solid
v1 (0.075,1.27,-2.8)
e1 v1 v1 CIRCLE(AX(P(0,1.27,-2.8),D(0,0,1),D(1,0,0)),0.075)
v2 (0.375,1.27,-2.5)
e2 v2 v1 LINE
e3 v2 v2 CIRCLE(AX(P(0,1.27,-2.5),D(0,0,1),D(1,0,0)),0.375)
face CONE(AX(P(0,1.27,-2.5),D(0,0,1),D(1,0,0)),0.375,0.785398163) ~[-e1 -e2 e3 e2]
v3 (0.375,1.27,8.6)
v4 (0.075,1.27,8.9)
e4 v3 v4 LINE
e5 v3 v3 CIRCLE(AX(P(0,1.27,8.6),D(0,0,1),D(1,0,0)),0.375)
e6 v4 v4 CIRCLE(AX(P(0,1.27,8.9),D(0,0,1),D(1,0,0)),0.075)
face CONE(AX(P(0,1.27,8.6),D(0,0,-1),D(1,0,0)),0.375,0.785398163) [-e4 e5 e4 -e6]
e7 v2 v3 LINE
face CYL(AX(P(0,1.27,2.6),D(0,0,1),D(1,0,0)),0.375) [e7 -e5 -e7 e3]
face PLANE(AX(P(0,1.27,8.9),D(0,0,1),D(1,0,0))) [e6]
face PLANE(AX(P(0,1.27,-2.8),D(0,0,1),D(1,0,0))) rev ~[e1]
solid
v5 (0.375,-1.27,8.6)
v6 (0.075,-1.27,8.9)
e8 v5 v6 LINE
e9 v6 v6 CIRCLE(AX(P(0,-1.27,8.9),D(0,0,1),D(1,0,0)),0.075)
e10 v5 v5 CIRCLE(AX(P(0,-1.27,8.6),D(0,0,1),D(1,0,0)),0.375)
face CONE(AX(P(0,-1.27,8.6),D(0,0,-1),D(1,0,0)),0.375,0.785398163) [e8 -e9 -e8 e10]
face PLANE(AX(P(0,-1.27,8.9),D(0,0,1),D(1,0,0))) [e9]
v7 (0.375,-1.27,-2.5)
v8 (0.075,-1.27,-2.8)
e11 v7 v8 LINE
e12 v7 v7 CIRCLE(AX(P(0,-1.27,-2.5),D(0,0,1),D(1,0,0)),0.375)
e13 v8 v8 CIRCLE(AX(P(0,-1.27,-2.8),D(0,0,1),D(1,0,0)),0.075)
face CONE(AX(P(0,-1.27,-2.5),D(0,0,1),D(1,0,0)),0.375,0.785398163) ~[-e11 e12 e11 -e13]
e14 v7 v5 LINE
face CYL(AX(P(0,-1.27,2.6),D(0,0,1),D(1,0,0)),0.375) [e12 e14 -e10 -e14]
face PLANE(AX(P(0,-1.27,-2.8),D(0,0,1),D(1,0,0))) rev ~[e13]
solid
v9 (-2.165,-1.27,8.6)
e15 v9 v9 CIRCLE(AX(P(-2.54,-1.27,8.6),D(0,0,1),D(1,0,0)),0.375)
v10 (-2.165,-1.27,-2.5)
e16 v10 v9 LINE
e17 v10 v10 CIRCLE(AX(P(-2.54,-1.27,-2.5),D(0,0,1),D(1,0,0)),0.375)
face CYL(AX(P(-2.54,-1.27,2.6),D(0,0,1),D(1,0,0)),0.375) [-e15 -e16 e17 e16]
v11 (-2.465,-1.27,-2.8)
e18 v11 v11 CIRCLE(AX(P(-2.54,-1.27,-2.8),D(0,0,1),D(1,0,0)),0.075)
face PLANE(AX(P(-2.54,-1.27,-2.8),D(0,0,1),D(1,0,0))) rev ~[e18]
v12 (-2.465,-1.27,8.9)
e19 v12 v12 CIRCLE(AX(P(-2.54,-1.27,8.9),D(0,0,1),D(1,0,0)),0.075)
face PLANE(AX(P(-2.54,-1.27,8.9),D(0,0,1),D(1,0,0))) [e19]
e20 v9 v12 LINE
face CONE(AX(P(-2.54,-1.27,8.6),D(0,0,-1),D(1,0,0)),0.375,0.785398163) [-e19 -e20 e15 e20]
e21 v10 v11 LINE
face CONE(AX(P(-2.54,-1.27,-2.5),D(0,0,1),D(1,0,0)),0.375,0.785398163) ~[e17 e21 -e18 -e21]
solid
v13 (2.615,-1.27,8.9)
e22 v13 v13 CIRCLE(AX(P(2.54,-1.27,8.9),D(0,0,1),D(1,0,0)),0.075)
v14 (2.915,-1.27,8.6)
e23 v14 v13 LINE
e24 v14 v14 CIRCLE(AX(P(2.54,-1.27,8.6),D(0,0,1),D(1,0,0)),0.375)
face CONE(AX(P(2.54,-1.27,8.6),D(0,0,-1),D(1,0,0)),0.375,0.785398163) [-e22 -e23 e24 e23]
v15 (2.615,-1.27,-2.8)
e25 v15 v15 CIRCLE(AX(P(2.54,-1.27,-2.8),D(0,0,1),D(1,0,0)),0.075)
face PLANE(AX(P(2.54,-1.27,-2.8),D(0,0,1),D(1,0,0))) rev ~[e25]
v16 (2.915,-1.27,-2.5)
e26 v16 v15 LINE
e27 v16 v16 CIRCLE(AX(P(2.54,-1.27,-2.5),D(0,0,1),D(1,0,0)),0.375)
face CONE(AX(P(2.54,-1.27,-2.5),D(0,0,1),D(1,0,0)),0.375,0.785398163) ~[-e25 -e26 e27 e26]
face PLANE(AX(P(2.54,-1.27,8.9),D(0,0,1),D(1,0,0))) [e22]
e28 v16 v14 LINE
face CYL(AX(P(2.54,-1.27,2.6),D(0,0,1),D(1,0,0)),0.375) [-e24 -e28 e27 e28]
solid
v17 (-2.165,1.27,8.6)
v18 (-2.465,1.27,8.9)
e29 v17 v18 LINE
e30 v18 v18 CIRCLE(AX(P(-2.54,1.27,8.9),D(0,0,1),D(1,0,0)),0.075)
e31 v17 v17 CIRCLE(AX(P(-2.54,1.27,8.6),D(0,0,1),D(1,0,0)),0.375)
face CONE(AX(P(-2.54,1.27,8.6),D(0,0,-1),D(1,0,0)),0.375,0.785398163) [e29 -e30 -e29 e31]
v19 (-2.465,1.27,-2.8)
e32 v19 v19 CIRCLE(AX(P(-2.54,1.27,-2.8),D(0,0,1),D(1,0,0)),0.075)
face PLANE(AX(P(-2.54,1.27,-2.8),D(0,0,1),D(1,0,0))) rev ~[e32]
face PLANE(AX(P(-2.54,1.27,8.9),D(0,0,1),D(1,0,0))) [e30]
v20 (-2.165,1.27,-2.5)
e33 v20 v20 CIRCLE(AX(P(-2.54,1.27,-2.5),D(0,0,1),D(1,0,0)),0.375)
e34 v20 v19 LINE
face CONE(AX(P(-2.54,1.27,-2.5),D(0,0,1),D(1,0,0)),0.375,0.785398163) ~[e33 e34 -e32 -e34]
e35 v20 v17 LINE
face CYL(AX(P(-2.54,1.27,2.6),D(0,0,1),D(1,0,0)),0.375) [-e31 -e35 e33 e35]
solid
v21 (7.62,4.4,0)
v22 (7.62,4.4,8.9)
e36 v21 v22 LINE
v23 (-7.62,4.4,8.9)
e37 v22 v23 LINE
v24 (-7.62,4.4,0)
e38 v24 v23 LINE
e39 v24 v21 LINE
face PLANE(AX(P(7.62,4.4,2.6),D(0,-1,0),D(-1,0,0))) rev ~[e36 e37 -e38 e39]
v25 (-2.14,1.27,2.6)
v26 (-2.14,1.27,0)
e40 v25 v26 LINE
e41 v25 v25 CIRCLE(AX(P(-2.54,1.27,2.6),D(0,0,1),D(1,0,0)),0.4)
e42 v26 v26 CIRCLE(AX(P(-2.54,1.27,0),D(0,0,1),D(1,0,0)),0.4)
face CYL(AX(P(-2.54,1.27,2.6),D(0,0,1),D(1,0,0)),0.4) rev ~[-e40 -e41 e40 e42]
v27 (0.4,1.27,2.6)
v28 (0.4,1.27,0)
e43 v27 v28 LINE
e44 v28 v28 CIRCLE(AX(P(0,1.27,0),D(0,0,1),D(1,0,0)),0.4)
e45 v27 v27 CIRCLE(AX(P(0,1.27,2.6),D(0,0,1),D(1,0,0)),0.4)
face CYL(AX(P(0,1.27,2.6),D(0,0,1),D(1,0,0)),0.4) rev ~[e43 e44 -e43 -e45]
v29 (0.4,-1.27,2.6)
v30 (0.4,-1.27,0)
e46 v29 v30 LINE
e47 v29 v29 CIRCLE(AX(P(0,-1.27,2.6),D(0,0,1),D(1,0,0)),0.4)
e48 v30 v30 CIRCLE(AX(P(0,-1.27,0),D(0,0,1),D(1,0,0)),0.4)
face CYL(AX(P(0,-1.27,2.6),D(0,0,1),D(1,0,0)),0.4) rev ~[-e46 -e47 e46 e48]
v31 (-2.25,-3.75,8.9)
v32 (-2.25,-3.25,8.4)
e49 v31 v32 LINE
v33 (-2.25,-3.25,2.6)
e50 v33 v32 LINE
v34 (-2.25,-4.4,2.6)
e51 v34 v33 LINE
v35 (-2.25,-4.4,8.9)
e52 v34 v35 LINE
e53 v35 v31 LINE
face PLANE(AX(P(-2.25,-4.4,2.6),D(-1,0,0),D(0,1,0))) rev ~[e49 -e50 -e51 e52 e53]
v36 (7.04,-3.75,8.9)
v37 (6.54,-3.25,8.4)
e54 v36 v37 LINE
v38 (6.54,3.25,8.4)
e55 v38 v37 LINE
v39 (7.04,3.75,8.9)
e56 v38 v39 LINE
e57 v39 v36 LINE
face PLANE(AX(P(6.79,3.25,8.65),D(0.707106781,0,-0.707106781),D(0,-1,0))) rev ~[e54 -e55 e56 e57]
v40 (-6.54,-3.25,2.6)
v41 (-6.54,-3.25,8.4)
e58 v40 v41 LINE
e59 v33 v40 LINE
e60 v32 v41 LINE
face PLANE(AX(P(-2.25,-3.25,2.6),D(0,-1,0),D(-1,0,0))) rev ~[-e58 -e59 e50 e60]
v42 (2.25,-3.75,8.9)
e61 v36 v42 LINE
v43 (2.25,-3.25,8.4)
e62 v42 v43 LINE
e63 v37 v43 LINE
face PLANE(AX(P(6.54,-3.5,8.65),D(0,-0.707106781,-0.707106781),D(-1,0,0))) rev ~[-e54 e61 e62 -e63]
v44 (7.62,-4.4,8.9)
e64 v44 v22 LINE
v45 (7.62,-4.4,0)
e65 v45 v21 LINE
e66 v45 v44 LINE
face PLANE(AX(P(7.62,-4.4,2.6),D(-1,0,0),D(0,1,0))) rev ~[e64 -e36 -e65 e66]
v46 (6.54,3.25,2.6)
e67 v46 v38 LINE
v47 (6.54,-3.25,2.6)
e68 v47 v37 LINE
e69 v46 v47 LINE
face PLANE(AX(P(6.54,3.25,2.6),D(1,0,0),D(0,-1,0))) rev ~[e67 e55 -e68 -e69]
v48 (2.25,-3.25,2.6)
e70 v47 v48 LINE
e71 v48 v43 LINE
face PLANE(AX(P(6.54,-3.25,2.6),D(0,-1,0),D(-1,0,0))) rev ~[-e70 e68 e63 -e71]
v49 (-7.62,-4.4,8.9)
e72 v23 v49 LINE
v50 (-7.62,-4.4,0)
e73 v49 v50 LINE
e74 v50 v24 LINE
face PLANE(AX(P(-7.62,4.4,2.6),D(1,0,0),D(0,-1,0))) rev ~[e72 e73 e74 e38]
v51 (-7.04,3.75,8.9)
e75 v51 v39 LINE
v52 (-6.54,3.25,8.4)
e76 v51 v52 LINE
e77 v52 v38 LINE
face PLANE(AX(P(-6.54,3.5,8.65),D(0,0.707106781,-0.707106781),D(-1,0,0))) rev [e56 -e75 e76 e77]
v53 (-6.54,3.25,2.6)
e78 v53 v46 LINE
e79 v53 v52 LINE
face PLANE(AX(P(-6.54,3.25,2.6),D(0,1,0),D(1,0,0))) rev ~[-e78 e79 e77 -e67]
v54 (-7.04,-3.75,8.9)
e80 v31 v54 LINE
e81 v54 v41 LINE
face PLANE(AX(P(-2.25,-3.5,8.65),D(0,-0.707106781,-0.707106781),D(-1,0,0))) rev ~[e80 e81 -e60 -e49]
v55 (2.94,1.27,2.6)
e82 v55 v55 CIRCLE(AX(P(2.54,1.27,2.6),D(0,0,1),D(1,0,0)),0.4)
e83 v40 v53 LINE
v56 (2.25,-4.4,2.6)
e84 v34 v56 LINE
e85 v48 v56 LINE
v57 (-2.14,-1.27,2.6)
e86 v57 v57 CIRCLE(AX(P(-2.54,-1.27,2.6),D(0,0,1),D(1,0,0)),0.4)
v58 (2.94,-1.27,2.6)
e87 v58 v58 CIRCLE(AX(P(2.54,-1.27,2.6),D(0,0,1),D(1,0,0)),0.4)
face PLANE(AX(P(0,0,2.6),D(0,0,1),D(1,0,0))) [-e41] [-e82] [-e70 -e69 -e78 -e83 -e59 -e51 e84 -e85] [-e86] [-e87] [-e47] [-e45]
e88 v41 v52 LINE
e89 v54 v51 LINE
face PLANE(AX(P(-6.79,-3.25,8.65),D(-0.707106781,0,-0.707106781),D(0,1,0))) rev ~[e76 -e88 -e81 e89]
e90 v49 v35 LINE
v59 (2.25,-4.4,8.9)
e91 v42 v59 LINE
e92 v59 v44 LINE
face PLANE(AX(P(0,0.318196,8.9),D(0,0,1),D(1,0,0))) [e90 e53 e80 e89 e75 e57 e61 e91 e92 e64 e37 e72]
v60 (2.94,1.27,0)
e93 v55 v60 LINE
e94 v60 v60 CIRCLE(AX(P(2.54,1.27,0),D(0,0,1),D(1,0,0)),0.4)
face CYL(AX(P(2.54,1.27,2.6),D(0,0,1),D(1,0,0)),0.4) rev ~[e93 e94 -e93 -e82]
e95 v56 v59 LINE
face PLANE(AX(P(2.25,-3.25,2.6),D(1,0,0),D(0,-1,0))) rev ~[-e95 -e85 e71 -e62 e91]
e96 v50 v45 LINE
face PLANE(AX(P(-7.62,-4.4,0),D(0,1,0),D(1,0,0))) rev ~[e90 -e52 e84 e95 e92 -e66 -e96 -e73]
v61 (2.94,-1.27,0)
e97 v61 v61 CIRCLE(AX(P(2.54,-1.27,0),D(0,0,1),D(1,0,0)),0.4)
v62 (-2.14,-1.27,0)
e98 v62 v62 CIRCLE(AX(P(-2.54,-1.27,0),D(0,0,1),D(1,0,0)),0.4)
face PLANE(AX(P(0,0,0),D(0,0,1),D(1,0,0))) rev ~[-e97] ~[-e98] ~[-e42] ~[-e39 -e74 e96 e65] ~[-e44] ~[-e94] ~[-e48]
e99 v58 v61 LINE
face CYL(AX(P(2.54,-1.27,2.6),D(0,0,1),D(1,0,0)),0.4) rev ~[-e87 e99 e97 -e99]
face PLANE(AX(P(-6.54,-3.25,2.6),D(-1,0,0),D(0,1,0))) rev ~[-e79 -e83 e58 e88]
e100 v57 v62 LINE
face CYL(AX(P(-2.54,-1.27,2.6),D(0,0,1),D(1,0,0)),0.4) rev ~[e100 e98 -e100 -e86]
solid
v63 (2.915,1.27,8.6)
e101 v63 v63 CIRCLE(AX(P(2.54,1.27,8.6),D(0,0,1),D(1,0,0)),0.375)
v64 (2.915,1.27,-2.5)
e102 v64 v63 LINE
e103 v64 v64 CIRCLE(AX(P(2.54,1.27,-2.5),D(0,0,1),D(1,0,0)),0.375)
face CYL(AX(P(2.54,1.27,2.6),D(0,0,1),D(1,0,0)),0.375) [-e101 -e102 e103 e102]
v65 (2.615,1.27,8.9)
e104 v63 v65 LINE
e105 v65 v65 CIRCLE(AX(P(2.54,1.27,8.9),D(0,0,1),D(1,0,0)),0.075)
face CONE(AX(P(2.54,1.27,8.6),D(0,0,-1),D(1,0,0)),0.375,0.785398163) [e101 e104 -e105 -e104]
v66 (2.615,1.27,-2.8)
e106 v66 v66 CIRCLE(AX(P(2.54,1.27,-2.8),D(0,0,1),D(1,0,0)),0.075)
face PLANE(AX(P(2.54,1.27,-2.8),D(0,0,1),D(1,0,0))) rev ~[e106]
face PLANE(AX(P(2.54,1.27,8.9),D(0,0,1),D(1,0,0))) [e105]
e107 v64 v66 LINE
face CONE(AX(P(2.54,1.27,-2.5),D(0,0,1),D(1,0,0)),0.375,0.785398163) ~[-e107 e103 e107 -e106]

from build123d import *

# Parameters (mm, degrees)
SKETCH1_W                  = 15.24
SKETCH1_H                  = 8.8
BOSS_EXTRUDE1_DEPTH        = 2.6
BOSS_EXTRUDE2_DEPTH        = 6.3
CHAMFER1_SIZE              = 0.5
CUT_EXTRUDE1_REACH         = 4.6
SKETCH3_R                  = 0.4
SKETCH4_R                  = 0.375
BOSS_EXTRUDE3_DEPTH        = 6.3
BOSS_EXTRUDE3_DEPTH_BACK   = 5.4
BOSS_EXTRUDE3_2_DEPTH      = 6.3
BOSS_EXTRUDE3_2_DEPTH_BACK = 5.4
BOSS_EXTRUDE3_3_DEPTH      = 6.3
BOSS_EXTRUDE3_3_DEPTH_BACK = 5.4
BOSS_EXTRUDE3_4_DEPTH      = 6.3
BOSS_EXTRUDE3_4_DEPTH_BACK = 5.4
BOSS_EXTRUDE3_5_DEPTH      = 6.3
BOSS_EXTRUDE3_5_DEPTH_BACK = 5.4
BOSS_EXTRUDE3_6_DEPTH      = 6.3
BOSS_EXTRUDE3_6_DEPTH_BACK = 5.4
CHAMFER2_SIZE              = 0.3
CHAMFER3_SIZE              = 0.3
CHAMFER4_SIZE              = 0.3
CHAMFER5_SIZE              = 0.3
CHAMFER6_SIZE              = 0.3
CHAMFER7_SIZE              = 0.3
CHAMFER8_SIZE              = 0.3
CHAMFER9_SIZE              = 0.3
CHAMFER10_SIZE             = 0.3
CHAMFER11_SIZE             = 0.3
CHAMFER12_SIZE             = 0.3


with BuildPart() as part:
    # Sketch1 → Boss-Extrude1 (new body)
    with BuildSketch(Plane.XY):
        Rectangle(SKETCH1_W, SKETCH1_H)
    extrude(amount=BOSS_EXTRUDE1_DEPTH)

    # Sketch2 → Boss-Extrude2 (add)
    with BuildSketch(Plane.XY.offset(2.6)):
        Polygon((-6.54, 3.25), (6.54, 3.25), (6.54, -3.25), (2.25, -3.25), (2.25, -4.4), (7.62, -4.4), (7.62, 4.4), (-7.62, 4.4), (-7.62, -4.4), (-2.25, -4.4), (-2.25, -3.25), (-6.54, -3.25), align=None)
    extrude(amount=BOSS_EXTRUDE2_DEPTH)

    # Chamfer1
    chamfer1_edges = [part.edges().sort_by_distance(p)[0] for p in [
        (4.395, -3.25, 8.9),
        (-4.395, -3.25, 8.9),
        (-6.54, 0, 8.9),
        (0, 3.25, 8.9),
        (6.54, 0, 8.9),
    ]]
    chamfer(chamfer1_edges, length=CHAMFER1_SIZE)

    # Sketch3 → Cut-Extrude1 (cut, up to next)
    with BuildSketch(Plane.XY.offset(2.6), mode=Mode.PRIVATE) as cut_extrude1_sk1:
        with Locations((0, 1.27)):
            Circle(SKETCH3_R)
    cut_extrude1_tool1 = extrude(cut_extrude1_sk1.sketch, amount=-CUT_EXTRUDE1_REACH, mode=Mode.PRIVATE) & part.part
    add(cut_extrude1_tool1.solids().sort_by_distance((0, 1.27, 2.6))[0], mode=Mode.SUBTRACT)
    # Sketch3 → Cut-Extrude1 (cut, up to next)
    with BuildSketch(Plane.XY.offset(2.6), mode=Mode.PRIVATE) as cut_extrude1_sk2:
        with Locations((2.54, 1.27)):
            Circle(SKETCH3_R)
    cut_extrude1_tool2 = extrude(cut_extrude1_sk2.sketch, amount=-CUT_EXTRUDE1_REACH, mode=Mode.PRIVATE) & part.part
    add(cut_extrude1_tool2.solids().sort_by_distance((2.54, 1.27, 2.6))[0], mode=Mode.SUBTRACT)
    # Sketch3 → Cut-Extrude1 (cut, up to next)
    with BuildSketch(Plane.XY.offset(2.6), mode=Mode.PRIVATE) as cut_extrude1_sk3:
        with Locations((-2.54, 1.27)):
            Circle(SKETCH3_R)
    cut_extrude1_tool3 = extrude(cut_extrude1_sk3.sketch, amount=-CUT_EXTRUDE1_REACH, mode=Mode.PRIVATE) & part.part
    add(cut_extrude1_tool3.solids().sort_by_distance((-2.54, 1.27, 2.6))[0], mode=Mode.SUBTRACT)
    # Sketch3 → Cut-Extrude1 (cut, up to next)
    with BuildSketch(Plane.XY.offset(2.6), mode=Mode.PRIVATE) as cut_extrude1_sk4:
        with Locations((2.54, -1.27)):
            Circle(SKETCH3_R)
    cut_extrude1_tool4 = extrude(cut_extrude1_sk4.sketch, amount=-CUT_EXTRUDE1_REACH, mode=Mode.PRIVATE) & part.part
    add(cut_extrude1_tool4.solids().sort_by_distance((2.54, -1.27, 2.6))[0], mode=Mode.SUBTRACT)
    # Sketch3 → Cut-Extrude1 (cut, up to next)
    with BuildSketch(Plane.XY.offset(2.6), mode=Mode.PRIVATE) as cut_extrude1_sk5:
        with Locations((0, -1.27)):
            Circle(SKETCH3_R)
    cut_extrude1_tool5 = extrude(cut_extrude1_sk5.sketch, amount=-CUT_EXTRUDE1_REACH, mode=Mode.PRIVATE) & part.part
    add(cut_extrude1_tool5.solids().sort_by_distance((0, -1.27, 2.6))[0], mode=Mode.SUBTRACT)
    # Sketch3 → Cut-Extrude1 (cut, up to next)
    with BuildSketch(Plane.XY.offset(2.6), mode=Mode.PRIVATE) as cut_extrude1_sk6:
        with Locations((-2.54, -1.27)):
            Circle(SKETCH3_R)
    cut_extrude1_tool6 = extrude(cut_extrude1_sk6.sketch, amount=-CUT_EXTRUDE1_REACH, mode=Mode.PRIVATE) & part.part
    add(cut_extrude1_tool6.solids().sort_by_distance((-2.54, -1.27, 2.6))[0], mode=Mode.SUBTRACT)


with BuildPart() as body_2:
    # Sketch4 → Boss-Extrude3 (new body, two sides)
    with BuildSketch(Plane.XY.offset(2.6)) as boss_extrude3_sk:
        with Locations((-2.54, 1.27)):
            Circle(SKETCH4_R)
    extrude(amount=BOSS_EXTRUDE3_DEPTH)
    extrude(boss_extrude3_sk.sketch, amount=-BOSS_EXTRUDE3_DEPTH_BACK)

    # Chamfer8
    chamfer8_edges = [body_2.edges().sort_by_distance(p)[0] for p in [
        (-2.915, 1.27, -2.8),
    ]]
    chamfer(chamfer8_edges, length=CHAMFER8_SIZE)

    # Chamfer12
    chamfer12_edges = [body_2.edges().sort_by_distance(p)[0] for p in [
        (-2.915, 1.27, 8.9),
    ]]
    chamfer(chamfer12_edges, length=CHAMFER12_SIZE)


with BuildPart() as body_3:
    # Sketch4 → Boss-Extrude3 2 (new body, two sides)
    with BuildSketch(Plane.XY.offset(2.6)) as boss_extrude3_2_sk:
        with Locations((0, 1.27)):
            Circle(SKETCH4_R)
    extrude(amount=BOSS_EXTRUDE3_2_DEPTH)
    extrude(boss_extrude3_2_sk.sketch, amount=-BOSS_EXTRUDE3_2_DEPTH_BACK)

    # Chamfer7
    chamfer7_edges = [body_3.edges().sort_by_distance(p)[0] for p in [
        (-0.375, 1.27, -2.8),
    ]]
    chamfer(chamfer7_edges, length=CHAMFER7_SIZE)

    # Chamfer11
    chamfer11_edges = [body_3.edges().sort_by_distance(p)[0] for p in [
        (-0.375, 1.27, 8.9),
    ]]
    chamfer(chamfer11_edges, length=CHAMFER11_SIZE)


with BuildPart() as body_4:
    # Sketch4 → Boss-Extrude3 3 (new body, two sides)
    with BuildSketch(Plane.XY.offset(2.6)) as boss_extrude3_3_sk:
        with Locations((2.54, 1.27)):
            Circle(SKETCH4_R)
    extrude(amount=BOSS_EXTRUDE3_3_DEPTH)
    extrude(boss_extrude3_3_sk.sketch, amount=-BOSS_EXTRUDE3_3_DEPTH_BACK)

    # Chamfer6
    chamfer6_edges = [body_4.edges().sort_by_distance(p)[0] for p in [
        (2.165, 1.27, -2.8),
    ]]
    chamfer(chamfer6_edges, length=CHAMFER6_SIZE)

    # Chamfer10
    chamfer10_edges = [body_4.edges().sort_by_distance(p)[0] for p in [
        (2.165, 1.27, 8.9),
    ]]
    chamfer(chamfer10_edges, length=CHAMFER10_SIZE)


with BuildPart() as body_5:
    # Sketch4 → Boss-Extrude3 4 (new body, two sides)
    with BuildSketch(Plane.XY.offset(2.6)) as boss_extrude3_4_sk:
        with Locations((-2.54, -1.27)):
            Circle(SKETCH4_R)
    extrude(amount=BOSS_EXTRUDE3_4_DEPTH)
    extrude(boss_extrude3_4_sk.sketch, amount=-BOSS_EXTRUDE3_4_DEPTH_BACK)

    # Chamfer2
    chamfer2_edges = [body_5.edges().sort_by_distance(p)[0] for p in [
        (-2.915, -1.27, 8.9),
    ]]
    chamfer(chamfer2_edges, length=CHAMFER2_SIZE)

    # Chamfer3
    chamfer3_edges = [body_5.edges().sort_by_distance(p)[0] for p in [
        (-2.915, -1.27, -2.8),
    ]]
    chamfer(chamfer3_edges, length=CHAMFER3_SIZE)


with BuildPart() as body_6:
    # Sketch4 → Boss-Extrude3 5 (new body, two sides)
    with BuildSketch(Plane.XY.offset(2.6)) as boss_extrude3_5_sk:
        with Locations((0, -1.27)):
            Circle(SKETCH4_R)
    extrude(amount=BOSS_EXTRUDE3_5_DEPTH)
    extrude(boss_extrude3_5_sk.sketch, amount=-BOSS_EXTRUDE3_5_DEPTH_BACK)

    # Chamfer4
    chamfer4_edges = [body_6.edges().sort_by_distance(p)[0] for p in [
        (-0.375, -1.27, -2.8),
    ]]
    chamfer(chamfer4_edges, length=CHAMFER4_SIZE)

    # Chamfer9
    chamfer9_edges = [body_6.edges().sort_by_distance(p)[0] for p in [
        (-0.375, -1.27, 8.9),
    ]]
    chamfer(chamfer9_edges, length=CHAMFER9_SIZE)


with BuildPart() as body_7:
    # Sketch4 → Boss-Extrude3 6 (new body, two sides)
    with BuildSketch(Plane.XY.offset(2.6)) as boss_extrude3_6_sk:
        with Locations((2.54, -1.27)):
            Circle(SKETCH4_R)
    extrude(amount=BOSS_EXTRUDE3_6_DEPTH)
    extrude(boss_extrude3_6_sk.sketch, amount=-BOSS_EXTRUDE3_6_DEPTH_BACK)

    # Chamfer5
    chamfer5_edges = [body_7.edges().sort_by_distance(p)[0] for p in [
        (2.165, -1.27, 8.9),
        (2.165, -1.27, -2.8),
    ]]
    chamfer(chamfer5_edges, length=CHAMFER5_SIZE)


solid = Compound([part.part, body_2.part, body_3.part, body_4.part, body_5.part, body_6.part, body_7.part])
